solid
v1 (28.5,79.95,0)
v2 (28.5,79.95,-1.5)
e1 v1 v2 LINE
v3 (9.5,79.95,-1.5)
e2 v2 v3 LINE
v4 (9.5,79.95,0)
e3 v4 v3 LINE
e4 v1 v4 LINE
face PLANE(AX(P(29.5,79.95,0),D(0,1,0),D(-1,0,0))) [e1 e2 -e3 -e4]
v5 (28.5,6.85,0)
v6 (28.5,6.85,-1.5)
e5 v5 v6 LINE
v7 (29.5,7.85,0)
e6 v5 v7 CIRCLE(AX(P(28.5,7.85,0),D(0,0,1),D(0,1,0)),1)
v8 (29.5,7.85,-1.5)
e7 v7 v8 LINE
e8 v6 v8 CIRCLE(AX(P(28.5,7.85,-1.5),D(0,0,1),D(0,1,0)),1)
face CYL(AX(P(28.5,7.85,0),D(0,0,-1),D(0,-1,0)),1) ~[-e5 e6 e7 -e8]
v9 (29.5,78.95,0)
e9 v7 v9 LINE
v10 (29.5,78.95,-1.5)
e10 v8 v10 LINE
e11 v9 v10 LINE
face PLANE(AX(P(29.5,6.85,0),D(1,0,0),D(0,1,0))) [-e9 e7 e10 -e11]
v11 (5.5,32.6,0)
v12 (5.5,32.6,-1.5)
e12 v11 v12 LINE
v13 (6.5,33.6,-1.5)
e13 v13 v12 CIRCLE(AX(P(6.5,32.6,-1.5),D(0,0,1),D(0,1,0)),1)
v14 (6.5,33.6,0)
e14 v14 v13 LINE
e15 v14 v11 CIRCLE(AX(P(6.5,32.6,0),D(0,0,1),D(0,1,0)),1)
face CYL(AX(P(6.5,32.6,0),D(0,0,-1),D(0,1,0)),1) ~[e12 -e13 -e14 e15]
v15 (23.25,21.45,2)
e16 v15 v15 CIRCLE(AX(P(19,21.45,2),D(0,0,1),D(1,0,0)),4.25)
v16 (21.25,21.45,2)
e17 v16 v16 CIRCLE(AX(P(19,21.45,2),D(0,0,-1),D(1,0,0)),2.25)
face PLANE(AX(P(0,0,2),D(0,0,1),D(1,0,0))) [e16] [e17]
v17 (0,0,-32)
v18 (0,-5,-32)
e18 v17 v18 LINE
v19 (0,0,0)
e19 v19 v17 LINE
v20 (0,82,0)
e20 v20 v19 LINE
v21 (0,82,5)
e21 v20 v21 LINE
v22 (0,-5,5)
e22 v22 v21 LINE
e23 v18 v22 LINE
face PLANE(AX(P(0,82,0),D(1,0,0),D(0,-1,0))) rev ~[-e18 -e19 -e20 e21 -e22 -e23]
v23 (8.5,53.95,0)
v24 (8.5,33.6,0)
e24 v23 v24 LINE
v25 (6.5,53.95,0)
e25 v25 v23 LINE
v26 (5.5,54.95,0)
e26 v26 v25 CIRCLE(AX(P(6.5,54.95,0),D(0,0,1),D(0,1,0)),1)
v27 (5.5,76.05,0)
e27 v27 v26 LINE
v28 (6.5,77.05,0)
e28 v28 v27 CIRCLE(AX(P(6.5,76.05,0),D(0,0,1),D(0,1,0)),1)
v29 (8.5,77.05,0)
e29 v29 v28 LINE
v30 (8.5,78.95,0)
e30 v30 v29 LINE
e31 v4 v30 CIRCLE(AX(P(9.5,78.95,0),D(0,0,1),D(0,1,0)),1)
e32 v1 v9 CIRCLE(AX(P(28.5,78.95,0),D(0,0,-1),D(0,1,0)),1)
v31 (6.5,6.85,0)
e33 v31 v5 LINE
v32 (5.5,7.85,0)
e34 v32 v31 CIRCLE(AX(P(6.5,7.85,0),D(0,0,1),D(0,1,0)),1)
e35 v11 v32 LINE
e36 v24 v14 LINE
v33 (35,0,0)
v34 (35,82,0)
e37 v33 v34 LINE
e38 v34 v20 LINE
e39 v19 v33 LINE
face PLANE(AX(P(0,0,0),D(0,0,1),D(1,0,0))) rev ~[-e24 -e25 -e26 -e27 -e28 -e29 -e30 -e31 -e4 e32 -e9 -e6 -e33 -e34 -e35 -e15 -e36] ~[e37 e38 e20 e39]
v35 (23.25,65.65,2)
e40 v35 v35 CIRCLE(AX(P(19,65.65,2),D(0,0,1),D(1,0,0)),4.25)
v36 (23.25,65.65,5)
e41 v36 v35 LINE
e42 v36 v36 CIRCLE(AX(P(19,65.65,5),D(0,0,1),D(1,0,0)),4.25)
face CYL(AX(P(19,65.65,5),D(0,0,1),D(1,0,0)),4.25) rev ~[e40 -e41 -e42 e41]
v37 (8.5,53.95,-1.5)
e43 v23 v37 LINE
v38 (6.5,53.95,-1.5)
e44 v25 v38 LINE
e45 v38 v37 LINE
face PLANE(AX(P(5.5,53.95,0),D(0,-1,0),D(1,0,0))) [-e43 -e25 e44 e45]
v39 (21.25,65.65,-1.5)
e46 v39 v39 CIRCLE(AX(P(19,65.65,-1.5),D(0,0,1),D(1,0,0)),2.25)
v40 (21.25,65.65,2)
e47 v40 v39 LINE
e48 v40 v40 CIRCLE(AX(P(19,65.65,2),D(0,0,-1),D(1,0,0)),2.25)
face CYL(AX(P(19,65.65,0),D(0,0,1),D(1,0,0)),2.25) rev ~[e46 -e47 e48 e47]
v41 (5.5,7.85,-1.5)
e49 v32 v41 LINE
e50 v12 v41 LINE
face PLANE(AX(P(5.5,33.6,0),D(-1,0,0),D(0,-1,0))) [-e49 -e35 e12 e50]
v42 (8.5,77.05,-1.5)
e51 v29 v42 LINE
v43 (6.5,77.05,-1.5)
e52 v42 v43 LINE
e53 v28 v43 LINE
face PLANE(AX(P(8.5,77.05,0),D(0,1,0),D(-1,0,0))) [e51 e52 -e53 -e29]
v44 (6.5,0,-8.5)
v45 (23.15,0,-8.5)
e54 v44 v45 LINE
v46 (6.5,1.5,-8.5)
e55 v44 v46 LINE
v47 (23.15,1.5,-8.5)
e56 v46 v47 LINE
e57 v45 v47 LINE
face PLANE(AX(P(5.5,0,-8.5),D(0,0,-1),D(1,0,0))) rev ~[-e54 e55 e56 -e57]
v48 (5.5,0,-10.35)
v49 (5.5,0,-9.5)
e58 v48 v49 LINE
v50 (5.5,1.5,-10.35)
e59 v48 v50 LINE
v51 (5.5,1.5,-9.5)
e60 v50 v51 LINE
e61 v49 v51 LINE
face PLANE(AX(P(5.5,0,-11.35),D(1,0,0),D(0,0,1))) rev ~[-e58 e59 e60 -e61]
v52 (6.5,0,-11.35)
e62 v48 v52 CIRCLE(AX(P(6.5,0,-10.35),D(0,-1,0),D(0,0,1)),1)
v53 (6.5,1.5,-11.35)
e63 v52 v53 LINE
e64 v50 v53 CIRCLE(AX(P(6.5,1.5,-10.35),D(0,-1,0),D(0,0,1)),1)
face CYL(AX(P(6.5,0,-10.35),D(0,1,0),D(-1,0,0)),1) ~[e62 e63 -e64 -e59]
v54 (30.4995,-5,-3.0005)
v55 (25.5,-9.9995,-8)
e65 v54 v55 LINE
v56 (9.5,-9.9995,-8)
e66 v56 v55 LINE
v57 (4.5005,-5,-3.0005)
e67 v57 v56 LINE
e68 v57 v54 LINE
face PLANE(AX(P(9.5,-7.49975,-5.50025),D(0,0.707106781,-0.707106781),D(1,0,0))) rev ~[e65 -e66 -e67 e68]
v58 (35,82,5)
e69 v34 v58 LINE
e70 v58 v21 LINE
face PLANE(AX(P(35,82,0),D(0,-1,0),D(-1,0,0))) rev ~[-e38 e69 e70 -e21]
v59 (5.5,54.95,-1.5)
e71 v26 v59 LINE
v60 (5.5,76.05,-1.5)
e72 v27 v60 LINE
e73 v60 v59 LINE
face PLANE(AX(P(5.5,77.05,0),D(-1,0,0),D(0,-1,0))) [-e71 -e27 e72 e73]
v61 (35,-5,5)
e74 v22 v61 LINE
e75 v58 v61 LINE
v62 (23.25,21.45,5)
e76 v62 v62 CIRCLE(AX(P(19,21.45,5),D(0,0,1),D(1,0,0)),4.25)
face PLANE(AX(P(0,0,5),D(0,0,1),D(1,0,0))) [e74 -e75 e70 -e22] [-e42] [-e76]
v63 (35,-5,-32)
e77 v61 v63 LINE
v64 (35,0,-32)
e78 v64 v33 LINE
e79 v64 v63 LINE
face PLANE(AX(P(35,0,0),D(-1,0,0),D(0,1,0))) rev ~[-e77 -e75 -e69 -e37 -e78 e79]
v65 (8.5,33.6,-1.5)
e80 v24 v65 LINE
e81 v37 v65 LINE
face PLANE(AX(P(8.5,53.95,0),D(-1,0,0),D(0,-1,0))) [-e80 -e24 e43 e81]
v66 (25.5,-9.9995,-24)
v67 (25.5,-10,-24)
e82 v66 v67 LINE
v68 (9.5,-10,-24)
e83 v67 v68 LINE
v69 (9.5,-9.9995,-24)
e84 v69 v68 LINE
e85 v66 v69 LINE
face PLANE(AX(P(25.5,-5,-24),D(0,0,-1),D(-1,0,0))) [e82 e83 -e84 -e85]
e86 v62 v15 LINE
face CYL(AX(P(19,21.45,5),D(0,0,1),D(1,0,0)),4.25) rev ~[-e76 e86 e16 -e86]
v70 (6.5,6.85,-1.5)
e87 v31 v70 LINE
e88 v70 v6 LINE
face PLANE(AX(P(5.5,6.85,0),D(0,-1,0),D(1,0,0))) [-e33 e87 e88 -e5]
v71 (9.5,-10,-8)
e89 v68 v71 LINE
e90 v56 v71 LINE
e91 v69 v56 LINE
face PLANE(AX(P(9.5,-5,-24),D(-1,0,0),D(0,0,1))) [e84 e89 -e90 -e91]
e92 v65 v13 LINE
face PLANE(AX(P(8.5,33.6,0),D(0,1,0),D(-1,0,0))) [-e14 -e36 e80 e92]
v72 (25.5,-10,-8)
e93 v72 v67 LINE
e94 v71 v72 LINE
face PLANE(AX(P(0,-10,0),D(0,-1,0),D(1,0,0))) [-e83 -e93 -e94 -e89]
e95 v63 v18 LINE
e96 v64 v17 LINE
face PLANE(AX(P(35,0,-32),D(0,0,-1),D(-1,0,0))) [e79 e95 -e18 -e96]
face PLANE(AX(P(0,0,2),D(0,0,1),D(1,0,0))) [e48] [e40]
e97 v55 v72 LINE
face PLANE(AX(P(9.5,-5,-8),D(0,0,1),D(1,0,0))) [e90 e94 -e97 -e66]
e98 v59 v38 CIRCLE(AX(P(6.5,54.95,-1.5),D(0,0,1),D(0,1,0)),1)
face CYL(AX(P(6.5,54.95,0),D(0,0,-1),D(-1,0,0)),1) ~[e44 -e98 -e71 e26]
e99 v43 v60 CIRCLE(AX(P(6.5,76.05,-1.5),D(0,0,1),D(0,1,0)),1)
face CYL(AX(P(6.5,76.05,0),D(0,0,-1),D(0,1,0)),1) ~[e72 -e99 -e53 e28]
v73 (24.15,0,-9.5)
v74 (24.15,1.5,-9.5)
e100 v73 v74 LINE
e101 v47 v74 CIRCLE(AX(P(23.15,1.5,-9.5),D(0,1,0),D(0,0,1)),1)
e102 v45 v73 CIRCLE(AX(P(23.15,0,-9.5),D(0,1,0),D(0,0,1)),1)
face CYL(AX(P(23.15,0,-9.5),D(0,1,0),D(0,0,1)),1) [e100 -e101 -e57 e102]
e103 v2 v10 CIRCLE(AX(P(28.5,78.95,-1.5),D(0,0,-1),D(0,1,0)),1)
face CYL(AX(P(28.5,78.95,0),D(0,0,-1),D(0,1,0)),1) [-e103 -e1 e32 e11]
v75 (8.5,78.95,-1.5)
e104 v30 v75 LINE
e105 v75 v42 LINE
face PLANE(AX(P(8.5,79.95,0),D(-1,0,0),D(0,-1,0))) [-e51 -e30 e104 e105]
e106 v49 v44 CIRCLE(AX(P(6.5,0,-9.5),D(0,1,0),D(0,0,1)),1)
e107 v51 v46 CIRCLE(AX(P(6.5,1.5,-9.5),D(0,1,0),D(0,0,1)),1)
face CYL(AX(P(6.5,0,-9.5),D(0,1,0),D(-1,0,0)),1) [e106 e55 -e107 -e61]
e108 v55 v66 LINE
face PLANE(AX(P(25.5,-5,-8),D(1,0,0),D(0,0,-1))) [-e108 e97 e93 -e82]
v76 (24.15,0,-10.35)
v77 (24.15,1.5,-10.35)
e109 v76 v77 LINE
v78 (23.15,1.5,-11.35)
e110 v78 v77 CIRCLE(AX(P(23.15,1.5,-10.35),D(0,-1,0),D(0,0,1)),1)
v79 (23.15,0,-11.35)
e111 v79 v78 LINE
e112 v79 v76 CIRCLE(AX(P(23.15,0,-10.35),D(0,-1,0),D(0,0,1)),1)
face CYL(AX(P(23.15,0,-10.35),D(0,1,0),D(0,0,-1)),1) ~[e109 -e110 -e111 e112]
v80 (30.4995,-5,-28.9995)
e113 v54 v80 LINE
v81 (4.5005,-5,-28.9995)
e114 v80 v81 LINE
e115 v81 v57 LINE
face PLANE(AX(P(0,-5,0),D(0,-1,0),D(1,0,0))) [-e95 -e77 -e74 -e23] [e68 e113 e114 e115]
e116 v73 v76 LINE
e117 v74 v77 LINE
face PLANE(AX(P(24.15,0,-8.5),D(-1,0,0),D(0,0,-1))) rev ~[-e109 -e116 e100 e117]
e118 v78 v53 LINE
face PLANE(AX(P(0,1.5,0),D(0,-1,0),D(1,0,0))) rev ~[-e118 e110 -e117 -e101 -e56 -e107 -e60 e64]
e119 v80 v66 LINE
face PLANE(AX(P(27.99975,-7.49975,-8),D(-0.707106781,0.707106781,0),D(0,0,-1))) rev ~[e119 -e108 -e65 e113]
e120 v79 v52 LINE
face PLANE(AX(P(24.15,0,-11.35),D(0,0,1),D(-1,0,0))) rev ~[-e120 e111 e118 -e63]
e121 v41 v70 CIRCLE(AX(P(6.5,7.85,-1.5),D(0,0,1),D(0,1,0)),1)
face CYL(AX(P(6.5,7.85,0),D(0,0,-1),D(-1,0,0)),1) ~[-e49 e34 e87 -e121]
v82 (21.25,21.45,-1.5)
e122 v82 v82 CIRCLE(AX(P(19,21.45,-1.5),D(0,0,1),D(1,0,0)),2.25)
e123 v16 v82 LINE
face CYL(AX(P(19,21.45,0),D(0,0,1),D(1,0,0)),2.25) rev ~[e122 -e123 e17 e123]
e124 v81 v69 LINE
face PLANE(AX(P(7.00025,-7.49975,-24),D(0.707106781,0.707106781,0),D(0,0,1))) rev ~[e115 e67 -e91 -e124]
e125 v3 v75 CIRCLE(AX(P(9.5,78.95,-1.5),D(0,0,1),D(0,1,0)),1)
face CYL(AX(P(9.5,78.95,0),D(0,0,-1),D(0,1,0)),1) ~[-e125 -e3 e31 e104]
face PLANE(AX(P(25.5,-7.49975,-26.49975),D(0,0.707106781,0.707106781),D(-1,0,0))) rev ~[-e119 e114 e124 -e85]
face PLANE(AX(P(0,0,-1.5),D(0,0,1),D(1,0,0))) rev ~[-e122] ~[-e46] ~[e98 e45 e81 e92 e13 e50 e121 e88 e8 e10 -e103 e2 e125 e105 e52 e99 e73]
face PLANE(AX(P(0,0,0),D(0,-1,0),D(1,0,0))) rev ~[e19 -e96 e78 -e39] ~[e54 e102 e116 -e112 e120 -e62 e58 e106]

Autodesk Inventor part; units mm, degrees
ref_plane "YZ Plane" through (0, 0, 0) normal (1, 0, 0) x (0, 1, 0)
ref_plane "XZ Plane" through (0, 0, 0) normal (0, 1, 0) x (-1, 0, 0)
ref_plane "XY Plane" through (0, 0, 0) normal (0, 0, 1) x (1, 0, 0)
sketch "Sketch1" plane through (0, 0, 0) normal (0, 0, 1) x (1, 0, 0)
  line L0 (0, 0) -> (35, 0)
  line L1 (35, 0) -> (35, 82)
  line L2 (35, 82) -> (0, 82)
  line L3 (0, 82) -> (0, 0)
  line L4 (8.5, 79.95) -> (8.5, 77.05)
  line L5 (8.5, 77.05) -> (5.5, 77.05)
  line L6 (5.5, 77.05) -> (5.5, 53.95)
  line L7 (5.5, 33.6) -> (5.5, 6.85)
  line L8 (5.5, 6.85) -> (29.5, 6.85)
  line L9 (29.5, 6.85) -> (29.5, 79.95)
  line L10 (29.5, 79.95) -> (8.5, 79.95)
  line L11 (5.5, 53.95) -> (8.5, 53.95)
  line L12 (8.5, 53.95) -> (8.5, 33.6)
  line L13 (8.5, 33.6) -> (5.5, 33.6)
  circle A0 centre (19, 65.65) radius 2.25
  circle A1 centre (19, 21.45) radius 2.25
  dimension "d0" = 35
  dimension "d1" = 82
  dimension "d2" = 21
  dimension "d3" = 24
  dimension "d4" = 21
  dimension "d5" = 26.75
  dimension "d6" = 23.1
  dimension "d7" = 26
  dimension "d8" = 6.85
  dimension "d9" = 5.5
  dimension "d10" = 20.35
  dimension "d15" = 4.5
  dimension "d16" = 4.5
  dimension "d17" = 44.2
  dimension "d18" = 10.5
  dimension "d19" = 14.3
  dimension "d20" = 10.5
extrude "Extrusion1" add sketch "Sketch1" against normal blind 1.5 contours L10 L9 L8 L7 L13 L12 L11 L6 L5 L4 | A0 | A1
extrude "Extrusion3" add sketch "Sketch1" along normal blind 5 contours L3 L2 L1 L0 | L10 L9 L8 L7 L13 L12 L11 L6 L5 L4
sketch "Sketch2" plane through (0, 0, 5) normal (0, 0, 1) x (1, 0, 0)
  circle A0 centre (19, 21.45) radius 4.25
  circle A1 centre (19, 65.65) radius 4.25
  point P0 (0, 0)
  dimension "d23" = 8.5
  dimension "d24" = 8.5
extrude "Extrusion4" cut sketch "Sketch2" against normal blind 3
sketch "Sketch3" plane through (0, 0, 0) normal (0, -1, 0) x (1, 0, 0)
  line L0 (0, 5) -> (35, 5) projected
  line L1 (0, 0) -> (0, 5) projected
  line L2 (35, 0) -> (35, 5) projected
  line L3 (0, 5) -> (35, 5)
  line L4 (35, 5) -> (35, -32)
  line L5 (35, -32) -> (0, -32)
  line L6 (0, -32) -> (0, 5)
  line L7 (0, 0) -> (35, 0) projected
  line L8 (5.5, 0) -> (5.5, -1.5) projected
  line L9 (5.5, -8.5) -> (24.15, -8.5)
  line L10 (24.15, -8.5) -> (24.15, -11.35)
  line L11 (24.15, -11.35) -> (5.5, -11.35)
  line L12 (5.5, -11.35) -> (5.5, -8.5)
  dimension "d27" = 32
  dimension "d28" = 8.5
  dimension "d29" = 2.85
  dimension "d30" = 18.65
extrude "Extrusion5" add sketch "Sketch3" along normal blind 5 contours L0 L2 L7 L1 | L7 L4 L5 L6 | L9 L10 L11 L12
extrude "Extrusion6" add sketch "Sketch3" against normal blind 1.5 contours L9 L10 L11 L12
fillet "Fillet1" radius 1 1 edges at (29.5, 79.95, -0.75)
fillet "Fillet2" radius 1 1 edges at (8.5, 79.95, -0.75)
fillet "Fillet3" radius 1 1 edges at (5.5, 77.05, -0.75)
fillet "Fillet4" radius 1 1 edges at (5.5, 53.95, -0.75)
fillet "Fillet5" radius 1 1 edges at (5.5, 33.6, -0.75)
fillet "Fillet6" radius 1 1 edges at (5.5, 6.85, -0.75)
fillet "Fillet7" radius 1 1 edges at (29.5, 6.85, -0.75)
fillet "Fillet8" radius 1 1 edges at (5.5, 0.75, -11.35)
fillet "Fillet9" radius 1 3 edges at (24.15, 0.75, -11.35) (24.15, 0.75, -8.5) (5.5, 0.75, -8.5)
extrude "Extrusion7" cut sketch "Sketch1" against normal up to next contours A0 | A1
sketch "Sketch4" plane through (0, -5, 0) normal (0, -1, 0) x (1, 0, 0)
  line L0 (25.5, -24) -> (9.5, -24)
  line L1 (9.5, -24) -> (9.5, -8)
  line L2 (9.5, -8) -> (25.5, -8)
  line L3 (25.5, -8) -> (25.5, -24)
  line L4 (0, 5) -> (0, -32) projected
  line L5 (0, -32) -> (35, -32) projected
  point P0 (0, 0)
  dimension "d46" = 16
  dimension "d47" = 16
  dimension "d48" = 9.5
  dimension "d49" = 8
extrude "Extrusion8" add sketch "Sketch4" along normal blind 5
chamfer "Chamfer1" distance 5 angle 45 4 edges at (9.5, -5, -16) (17.5, -5, -24) (25.5, -5, -16) (17.5, -5, -8)
properties part number "keithley_2000_front_feet"
